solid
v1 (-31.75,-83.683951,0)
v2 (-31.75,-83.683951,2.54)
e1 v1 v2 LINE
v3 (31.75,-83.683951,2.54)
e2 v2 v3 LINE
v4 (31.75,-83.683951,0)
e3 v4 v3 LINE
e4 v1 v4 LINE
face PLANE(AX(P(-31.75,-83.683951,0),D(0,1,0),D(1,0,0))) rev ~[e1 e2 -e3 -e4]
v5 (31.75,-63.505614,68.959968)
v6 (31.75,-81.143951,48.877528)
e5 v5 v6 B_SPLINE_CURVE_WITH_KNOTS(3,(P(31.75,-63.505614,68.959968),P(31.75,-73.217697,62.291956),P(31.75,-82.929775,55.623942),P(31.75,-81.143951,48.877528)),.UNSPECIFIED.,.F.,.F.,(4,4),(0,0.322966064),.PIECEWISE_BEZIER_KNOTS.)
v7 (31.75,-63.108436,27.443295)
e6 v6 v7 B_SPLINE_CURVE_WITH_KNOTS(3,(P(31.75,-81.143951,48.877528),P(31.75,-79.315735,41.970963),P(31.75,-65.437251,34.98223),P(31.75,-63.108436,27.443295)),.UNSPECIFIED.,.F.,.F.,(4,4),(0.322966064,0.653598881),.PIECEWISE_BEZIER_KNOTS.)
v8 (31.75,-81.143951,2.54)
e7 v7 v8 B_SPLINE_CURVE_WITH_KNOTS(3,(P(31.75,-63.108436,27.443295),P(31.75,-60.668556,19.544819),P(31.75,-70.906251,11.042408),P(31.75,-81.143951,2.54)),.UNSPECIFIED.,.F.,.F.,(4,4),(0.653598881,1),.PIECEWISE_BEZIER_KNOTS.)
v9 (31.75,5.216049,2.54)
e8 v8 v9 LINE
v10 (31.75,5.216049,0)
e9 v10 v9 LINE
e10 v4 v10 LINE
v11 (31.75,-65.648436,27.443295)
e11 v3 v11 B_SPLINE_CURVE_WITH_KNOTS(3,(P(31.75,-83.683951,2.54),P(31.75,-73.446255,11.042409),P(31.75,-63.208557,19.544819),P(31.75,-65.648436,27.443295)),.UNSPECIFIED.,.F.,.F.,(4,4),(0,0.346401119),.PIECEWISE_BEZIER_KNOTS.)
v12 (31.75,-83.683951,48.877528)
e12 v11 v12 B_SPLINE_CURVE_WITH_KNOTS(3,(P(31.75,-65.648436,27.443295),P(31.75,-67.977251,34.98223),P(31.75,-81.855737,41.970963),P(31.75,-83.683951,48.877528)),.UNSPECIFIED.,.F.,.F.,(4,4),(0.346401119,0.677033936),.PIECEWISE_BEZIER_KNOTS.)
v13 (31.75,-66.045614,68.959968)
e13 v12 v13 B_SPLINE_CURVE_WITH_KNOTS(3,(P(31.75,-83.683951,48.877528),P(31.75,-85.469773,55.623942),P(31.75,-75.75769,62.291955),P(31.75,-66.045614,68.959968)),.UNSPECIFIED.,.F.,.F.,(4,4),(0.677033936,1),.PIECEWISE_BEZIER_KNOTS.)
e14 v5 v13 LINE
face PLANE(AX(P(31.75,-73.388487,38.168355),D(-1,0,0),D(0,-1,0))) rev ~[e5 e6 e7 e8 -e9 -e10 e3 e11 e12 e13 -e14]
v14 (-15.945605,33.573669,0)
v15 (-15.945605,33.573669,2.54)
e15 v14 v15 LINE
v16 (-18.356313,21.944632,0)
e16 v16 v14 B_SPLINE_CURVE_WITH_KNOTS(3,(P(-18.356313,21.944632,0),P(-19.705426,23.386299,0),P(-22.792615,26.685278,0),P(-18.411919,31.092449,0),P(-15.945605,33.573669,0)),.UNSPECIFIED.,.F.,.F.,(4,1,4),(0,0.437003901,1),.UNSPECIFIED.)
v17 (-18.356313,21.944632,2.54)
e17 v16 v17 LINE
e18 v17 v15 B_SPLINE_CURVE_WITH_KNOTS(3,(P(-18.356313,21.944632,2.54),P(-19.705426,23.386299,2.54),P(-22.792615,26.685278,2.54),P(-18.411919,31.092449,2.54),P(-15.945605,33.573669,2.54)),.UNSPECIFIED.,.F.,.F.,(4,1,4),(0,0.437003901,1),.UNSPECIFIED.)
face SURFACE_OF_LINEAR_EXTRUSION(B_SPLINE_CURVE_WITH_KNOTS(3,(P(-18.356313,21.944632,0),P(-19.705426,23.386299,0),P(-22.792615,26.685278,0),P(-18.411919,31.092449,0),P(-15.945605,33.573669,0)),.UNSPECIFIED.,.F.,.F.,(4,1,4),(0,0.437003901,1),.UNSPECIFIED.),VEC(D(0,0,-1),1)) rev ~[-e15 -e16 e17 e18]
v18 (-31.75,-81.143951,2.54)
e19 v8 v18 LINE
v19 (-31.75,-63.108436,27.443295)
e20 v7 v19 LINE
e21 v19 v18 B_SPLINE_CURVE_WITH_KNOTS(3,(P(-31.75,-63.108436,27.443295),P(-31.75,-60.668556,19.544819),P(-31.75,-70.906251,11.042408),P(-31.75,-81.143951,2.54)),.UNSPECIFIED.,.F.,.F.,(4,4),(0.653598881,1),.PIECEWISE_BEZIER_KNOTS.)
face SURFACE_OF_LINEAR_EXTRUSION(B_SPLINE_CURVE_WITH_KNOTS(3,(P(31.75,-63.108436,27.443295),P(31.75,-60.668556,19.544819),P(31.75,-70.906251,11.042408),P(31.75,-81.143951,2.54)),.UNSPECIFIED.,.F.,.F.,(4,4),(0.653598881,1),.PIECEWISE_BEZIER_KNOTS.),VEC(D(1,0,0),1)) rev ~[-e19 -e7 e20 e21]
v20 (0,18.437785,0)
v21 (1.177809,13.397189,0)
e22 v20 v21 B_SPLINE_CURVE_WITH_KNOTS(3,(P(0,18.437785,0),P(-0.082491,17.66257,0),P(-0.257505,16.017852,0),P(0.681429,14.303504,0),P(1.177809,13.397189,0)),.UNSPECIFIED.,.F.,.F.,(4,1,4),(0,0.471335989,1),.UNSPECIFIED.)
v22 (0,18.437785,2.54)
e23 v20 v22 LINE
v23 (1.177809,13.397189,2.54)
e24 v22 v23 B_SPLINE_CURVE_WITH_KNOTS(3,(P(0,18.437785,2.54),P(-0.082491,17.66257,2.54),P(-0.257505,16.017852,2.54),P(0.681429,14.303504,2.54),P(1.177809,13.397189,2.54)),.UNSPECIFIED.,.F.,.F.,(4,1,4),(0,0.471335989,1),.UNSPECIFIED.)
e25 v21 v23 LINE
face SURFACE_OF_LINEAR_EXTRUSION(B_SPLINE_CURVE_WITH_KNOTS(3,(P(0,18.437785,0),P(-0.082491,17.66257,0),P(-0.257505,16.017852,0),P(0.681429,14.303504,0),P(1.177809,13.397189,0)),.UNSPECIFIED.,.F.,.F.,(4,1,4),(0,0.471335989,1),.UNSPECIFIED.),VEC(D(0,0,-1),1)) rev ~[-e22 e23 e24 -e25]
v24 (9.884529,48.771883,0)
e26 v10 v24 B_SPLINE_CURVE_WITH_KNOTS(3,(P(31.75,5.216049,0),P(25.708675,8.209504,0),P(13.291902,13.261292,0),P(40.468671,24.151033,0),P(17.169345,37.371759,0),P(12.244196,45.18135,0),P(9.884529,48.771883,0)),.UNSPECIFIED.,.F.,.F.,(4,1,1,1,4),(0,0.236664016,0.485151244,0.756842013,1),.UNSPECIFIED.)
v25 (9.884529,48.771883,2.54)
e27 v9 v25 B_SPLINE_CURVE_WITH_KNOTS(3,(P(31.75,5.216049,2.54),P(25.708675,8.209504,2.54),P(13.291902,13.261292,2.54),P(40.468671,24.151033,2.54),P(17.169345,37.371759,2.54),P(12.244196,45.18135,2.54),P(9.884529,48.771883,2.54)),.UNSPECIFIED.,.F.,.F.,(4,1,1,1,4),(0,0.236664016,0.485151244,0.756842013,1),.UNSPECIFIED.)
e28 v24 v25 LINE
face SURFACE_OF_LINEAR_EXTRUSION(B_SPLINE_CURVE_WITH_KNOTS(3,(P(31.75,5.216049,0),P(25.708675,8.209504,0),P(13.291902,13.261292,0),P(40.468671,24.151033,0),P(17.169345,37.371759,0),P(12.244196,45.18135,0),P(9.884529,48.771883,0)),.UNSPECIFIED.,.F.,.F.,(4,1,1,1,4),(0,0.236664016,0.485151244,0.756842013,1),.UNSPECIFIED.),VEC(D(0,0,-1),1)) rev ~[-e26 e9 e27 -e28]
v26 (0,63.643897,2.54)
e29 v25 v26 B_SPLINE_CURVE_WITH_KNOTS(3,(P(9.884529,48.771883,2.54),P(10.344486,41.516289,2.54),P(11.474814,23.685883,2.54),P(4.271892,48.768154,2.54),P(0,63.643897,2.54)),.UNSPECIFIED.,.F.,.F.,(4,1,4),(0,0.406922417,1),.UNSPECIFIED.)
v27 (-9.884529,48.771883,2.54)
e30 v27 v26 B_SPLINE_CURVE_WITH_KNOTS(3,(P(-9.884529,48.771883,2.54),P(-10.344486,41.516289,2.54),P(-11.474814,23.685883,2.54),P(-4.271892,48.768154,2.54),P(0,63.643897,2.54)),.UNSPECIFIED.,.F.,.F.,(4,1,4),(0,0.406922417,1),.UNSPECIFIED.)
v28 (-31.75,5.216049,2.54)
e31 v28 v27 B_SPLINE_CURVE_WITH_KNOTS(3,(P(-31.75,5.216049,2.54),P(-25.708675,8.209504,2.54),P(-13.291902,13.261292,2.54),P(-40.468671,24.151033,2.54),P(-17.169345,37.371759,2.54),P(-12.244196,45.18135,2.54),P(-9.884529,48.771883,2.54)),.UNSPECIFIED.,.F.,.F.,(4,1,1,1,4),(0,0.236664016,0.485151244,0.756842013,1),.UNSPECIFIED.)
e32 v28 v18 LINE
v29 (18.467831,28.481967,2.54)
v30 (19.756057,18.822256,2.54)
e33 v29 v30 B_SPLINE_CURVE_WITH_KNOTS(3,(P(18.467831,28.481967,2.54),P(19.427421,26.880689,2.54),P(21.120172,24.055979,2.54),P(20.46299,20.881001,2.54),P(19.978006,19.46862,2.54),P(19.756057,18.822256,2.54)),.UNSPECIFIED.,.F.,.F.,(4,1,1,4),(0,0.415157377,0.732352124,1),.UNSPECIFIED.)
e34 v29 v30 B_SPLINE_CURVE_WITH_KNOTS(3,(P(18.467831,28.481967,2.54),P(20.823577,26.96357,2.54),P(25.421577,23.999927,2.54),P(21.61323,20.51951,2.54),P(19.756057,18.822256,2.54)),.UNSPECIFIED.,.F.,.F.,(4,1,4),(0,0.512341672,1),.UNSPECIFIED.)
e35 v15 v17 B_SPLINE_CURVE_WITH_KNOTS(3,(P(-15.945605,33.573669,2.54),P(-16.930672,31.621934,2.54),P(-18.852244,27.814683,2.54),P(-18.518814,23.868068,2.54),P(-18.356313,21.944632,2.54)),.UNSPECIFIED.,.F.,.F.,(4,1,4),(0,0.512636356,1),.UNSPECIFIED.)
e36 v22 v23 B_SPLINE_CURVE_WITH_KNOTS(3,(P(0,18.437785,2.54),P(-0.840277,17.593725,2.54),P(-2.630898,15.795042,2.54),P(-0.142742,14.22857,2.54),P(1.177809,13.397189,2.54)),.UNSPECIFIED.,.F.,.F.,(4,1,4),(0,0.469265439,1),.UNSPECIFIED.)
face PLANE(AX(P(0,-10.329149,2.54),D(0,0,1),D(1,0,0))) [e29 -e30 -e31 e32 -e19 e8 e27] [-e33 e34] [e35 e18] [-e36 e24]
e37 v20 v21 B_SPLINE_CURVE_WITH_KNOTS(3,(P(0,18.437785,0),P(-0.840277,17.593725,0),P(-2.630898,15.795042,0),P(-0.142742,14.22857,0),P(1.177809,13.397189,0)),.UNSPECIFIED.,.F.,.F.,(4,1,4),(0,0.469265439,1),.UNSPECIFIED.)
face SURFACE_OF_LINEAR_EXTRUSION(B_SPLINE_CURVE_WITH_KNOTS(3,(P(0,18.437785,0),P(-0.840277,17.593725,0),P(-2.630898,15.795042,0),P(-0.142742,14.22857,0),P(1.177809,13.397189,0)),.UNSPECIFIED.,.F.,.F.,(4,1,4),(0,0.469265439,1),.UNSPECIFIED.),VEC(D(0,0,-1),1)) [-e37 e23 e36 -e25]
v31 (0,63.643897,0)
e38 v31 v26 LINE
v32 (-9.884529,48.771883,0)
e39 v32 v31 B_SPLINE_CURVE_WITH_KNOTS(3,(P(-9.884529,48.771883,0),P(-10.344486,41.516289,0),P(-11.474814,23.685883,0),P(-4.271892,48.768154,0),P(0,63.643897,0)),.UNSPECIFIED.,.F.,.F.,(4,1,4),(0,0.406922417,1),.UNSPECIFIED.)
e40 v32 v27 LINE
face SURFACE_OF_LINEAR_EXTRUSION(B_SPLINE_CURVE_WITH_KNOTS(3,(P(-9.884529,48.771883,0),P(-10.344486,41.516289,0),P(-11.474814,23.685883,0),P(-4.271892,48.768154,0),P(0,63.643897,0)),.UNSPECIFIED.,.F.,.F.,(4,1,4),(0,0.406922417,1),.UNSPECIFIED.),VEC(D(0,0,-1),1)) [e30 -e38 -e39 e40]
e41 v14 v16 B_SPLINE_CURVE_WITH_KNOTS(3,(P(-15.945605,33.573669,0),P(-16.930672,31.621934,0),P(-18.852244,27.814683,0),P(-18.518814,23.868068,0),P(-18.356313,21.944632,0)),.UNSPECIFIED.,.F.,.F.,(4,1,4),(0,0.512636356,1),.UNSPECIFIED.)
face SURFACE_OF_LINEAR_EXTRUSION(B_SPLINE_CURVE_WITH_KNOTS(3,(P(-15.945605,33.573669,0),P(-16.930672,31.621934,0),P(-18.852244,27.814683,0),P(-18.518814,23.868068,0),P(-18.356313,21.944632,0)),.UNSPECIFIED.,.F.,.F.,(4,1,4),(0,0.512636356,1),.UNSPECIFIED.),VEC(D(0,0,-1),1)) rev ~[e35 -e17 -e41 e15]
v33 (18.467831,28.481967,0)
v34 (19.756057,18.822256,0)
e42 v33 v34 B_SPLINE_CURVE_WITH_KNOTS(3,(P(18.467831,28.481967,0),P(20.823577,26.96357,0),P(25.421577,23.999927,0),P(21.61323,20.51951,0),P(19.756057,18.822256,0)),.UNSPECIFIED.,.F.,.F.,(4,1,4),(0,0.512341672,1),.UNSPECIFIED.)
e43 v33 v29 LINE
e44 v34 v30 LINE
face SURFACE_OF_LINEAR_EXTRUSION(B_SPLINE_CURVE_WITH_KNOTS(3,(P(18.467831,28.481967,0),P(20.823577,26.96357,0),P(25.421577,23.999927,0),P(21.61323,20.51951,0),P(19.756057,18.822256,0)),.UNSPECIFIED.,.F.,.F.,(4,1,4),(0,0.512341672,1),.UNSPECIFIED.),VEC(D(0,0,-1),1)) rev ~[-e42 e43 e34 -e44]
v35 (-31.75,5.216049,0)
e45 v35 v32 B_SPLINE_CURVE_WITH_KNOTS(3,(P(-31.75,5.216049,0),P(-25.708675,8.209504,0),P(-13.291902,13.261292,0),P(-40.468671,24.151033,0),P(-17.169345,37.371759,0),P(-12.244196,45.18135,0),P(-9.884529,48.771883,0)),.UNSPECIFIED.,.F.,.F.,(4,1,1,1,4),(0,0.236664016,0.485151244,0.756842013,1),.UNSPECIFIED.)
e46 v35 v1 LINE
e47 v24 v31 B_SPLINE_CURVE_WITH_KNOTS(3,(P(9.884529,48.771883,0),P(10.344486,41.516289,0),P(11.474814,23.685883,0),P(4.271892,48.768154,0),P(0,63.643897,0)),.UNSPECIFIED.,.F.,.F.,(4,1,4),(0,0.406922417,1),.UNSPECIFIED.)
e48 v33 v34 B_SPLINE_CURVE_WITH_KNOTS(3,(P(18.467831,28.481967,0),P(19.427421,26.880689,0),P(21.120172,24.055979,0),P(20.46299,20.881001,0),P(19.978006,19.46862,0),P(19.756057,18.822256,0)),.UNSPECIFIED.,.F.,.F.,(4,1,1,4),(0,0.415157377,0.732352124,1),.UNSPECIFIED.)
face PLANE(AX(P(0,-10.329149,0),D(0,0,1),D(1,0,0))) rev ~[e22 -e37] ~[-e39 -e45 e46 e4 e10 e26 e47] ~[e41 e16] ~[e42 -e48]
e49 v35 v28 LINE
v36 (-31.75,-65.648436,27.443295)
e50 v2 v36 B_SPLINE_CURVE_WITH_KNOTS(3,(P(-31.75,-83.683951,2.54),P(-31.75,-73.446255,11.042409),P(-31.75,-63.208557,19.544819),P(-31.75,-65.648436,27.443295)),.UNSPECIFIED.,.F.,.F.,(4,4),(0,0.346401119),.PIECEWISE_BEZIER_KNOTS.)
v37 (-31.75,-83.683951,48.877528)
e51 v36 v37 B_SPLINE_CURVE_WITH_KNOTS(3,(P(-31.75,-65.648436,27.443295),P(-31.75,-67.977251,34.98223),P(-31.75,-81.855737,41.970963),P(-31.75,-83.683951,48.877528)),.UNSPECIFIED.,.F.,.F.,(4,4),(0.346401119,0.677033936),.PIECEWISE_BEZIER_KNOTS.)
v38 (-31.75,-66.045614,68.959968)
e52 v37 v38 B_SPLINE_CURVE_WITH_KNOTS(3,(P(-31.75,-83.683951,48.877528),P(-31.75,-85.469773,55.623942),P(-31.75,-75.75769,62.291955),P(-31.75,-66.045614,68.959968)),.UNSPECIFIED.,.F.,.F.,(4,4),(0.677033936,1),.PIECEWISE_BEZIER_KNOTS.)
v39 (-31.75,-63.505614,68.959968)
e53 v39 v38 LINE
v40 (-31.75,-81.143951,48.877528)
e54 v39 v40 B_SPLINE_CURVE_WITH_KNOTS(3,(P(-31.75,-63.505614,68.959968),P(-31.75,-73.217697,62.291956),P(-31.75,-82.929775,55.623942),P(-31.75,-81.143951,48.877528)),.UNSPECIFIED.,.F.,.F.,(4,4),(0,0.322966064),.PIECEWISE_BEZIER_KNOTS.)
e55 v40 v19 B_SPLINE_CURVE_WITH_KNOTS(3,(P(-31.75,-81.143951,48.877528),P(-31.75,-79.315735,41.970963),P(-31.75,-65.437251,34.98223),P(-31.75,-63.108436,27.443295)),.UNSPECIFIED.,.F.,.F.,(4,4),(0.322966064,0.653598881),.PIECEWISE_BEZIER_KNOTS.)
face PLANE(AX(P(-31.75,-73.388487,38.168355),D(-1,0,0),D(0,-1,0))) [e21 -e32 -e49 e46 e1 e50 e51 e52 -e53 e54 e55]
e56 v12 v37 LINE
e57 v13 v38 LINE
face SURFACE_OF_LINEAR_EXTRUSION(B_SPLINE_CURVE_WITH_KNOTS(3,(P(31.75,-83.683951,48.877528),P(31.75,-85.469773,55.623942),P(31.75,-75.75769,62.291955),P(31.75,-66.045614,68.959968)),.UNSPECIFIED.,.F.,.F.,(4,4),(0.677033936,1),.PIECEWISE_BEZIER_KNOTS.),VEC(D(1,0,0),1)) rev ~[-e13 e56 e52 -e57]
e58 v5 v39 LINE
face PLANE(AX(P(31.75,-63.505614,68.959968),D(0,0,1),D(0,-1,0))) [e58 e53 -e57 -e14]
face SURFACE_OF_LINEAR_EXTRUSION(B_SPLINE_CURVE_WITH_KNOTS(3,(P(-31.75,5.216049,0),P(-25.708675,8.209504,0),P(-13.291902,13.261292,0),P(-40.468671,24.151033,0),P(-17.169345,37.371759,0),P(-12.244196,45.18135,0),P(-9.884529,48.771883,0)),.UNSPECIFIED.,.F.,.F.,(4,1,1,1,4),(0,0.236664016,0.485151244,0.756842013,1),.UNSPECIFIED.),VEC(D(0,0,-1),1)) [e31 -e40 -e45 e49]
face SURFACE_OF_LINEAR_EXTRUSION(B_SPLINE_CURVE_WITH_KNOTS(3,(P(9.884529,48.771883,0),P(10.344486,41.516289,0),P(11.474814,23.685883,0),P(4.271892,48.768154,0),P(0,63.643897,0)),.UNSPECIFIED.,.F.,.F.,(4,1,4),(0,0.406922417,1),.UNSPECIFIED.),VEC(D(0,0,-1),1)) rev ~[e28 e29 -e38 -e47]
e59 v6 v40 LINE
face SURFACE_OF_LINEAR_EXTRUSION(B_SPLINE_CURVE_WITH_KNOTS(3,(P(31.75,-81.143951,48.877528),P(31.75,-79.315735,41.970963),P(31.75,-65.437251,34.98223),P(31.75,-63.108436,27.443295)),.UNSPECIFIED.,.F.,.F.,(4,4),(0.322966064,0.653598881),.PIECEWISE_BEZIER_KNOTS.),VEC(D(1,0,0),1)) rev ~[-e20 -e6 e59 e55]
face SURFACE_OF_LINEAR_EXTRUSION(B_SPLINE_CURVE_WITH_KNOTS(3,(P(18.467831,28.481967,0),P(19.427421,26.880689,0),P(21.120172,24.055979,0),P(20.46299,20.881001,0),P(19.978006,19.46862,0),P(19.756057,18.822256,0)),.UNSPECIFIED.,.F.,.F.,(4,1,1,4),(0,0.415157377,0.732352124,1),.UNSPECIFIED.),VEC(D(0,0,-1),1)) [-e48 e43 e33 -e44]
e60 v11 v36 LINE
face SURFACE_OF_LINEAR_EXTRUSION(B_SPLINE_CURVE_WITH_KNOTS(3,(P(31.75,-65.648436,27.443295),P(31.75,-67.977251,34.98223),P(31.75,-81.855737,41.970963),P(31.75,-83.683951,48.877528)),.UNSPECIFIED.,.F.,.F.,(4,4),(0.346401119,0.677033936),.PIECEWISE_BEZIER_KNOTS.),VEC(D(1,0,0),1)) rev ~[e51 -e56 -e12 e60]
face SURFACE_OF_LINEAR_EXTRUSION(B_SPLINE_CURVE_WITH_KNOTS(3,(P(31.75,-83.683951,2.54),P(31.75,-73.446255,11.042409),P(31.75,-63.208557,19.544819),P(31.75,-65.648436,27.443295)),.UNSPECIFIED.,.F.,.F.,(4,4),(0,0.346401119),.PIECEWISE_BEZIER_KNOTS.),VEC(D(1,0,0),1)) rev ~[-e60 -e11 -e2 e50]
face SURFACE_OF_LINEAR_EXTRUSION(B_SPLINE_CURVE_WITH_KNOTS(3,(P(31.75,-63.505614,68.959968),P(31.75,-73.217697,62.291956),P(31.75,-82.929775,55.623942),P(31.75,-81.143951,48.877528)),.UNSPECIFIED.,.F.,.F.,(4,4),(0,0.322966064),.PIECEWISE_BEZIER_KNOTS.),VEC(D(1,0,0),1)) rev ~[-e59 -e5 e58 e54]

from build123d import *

# Parameters (mm, degrees)
F1_DEPTH = 2.54
F3_DEPTH = 63.5


with BuildPart() as f1:
    # F0 (on Top) → F1 (new body)
    with BuildSketch(Plane.XY):
        with BuildLine():
            Line((-31.75, -83.6839513757), (31.75, -83.6839513778))
            Line((31.75, -83.6839513778), (31.75, 5.2160486222))
            add(Edge.make_bspline(
                [(31.75, 5.2160486243), (25.7086750977, 8.2095040737), (13.2919018227, 13.2612920956), (40.4686708732, 24.151033206), (17.1693446816, 37.3717586227), (12.2441961548, 45.1813499568), (9.8845292789, 48.7718827984)],
                knots=[0, 0, 0, 0, 0.2366640156, 0.4851512444, 0.756842013, 1, 1, 1, 1], degree=3))
            add(Edge.make_bspline(
                [(9.8845292789, 48.7718827984), (10.3444855628, 41.5162894514), (11.4748144078, 23.6858829352), (4.2718916672, 48.7681543781), (0, 63.6438973943)],
                knots=[0, 0, 0, 0, 0.4069224168, 1, 1, 1, 1], degree=3))
            add(Edge.make_bspline(
                [(-9.8845292789, 48.7718827984), (-10.3444855628, 41.5162894514), (-11.4748144078, 23.6858829352), (-4.2718916672, 48.7681543781), (0, 63.6438973943)],
                knots=[0, 0, 0, 0, 0.4069224168, 1, 1, 1, 1], degree=3))
            add(Edge.make_bspline(
                [(-31.75, 5.2160486243), (-25.7086750977, 8.2095040737), (-13.2919018227, 13.2612920956), (-40.4686708732, 24.151033206), (-17.1693446816, 37.3717586227), (-12.2441961548, 45.1813499568), (-9.8845292789, 48.7718827984)],
                knots=[0, 0, 0, 0, 0.2366640156, 0.4851512444, 0.756842013, 1, 1, 1, 1], degree=3))
            Line((-31.75, 5.2160486243), (-31.75, -83.6839513757))
        make_face()
        with BuildLine():
            add(Edge.make_bspline(
                [(0, 18.4377846975), (-0.8402767268, 17.5937250168), (-2.6308980883, 15.7950420042), (-0.1427417595, 14.228570259), (1.1778091829, 13.3971894932)],
                knots=[0, 0, 0, 0, 0.4692654392, 1, 1, 1, 1], degree=3))
            add(Edge.make_bspline(
                [(0, 18.4377846975), (-0.0824907332, 17.6625700732), (-0.2575054179, 16.0178521281), (0.6814285359, 14.3035037553), (1.1778091829, 13.3971894932)],
                knots=[0, 0, 0, 0, 0.471335989, 1, 1, 1, 1], degree=3))
        make_face(mode=Mode.SUBTRACT)
        with BuildLine():
            add(Edge.make_bspline(
                [(-15.9456048132, 33.5736688751), (-16.9306722249, 31.6219338837), (-18.8522437067, 27.8146830449), (-18.5188141617, 23.8680684012), (-18.3563127499, 21.9446315956)],
                knots=[0, 0, 0, 0, 0.5126363558, 1, 1, 1, 1], degree=3))
            add(Edge.make_bspline(
                [(-18.3563127499, 21.9446315956), (-19.7054262057, 23.386298555), (-22.7926148104, 26.6852777417), (-18.411919139, 31.0924491189), (-15.9456048132, 33.5736688751)],
                knots=[0, 0, 0, 0, 0.4370039013, 1, 1, 1, 1], degree=3))
        make_face(mode=Mode.SUBTRACT)
        with BuildLine():
            add(Edge.make_bspline(
                [(18.4678306852, 28.4819673923), (19.427421291, 26.8806889301), (21.1201724035, 24.0559786368), (20.4629903584, 20.881000871), (19.9780060806, 19.4686195152), (19.7560574985, 18.8222556485)],
                knots=[0, 0, 0, 0, 0.4151573771, 0.7323521239, 1, 1, 1, 1], degree=3))
            add(Edge.make_bspline(
                [(18.4678306852, 28.4819673923), (20.8235774768, 26.9635696387), (25.4215767631, 23.9999267161), (21.6132297579, 20.51951007), (19.7560574985, 18.8222556485)],
                knots=[0, 0, 0, 0, 0.5123416723, 1, 1, 1, 1], degree=3))
        make_face(mode=Mode.SUBTRACT)
    extrude(amount=F1_DEPTH)

    # F2 (on face) → F3 (join)
    with BuildSketch(Plane.YZ.offset(31.75)):
        with BuildLine():
            add(Edge.make_bspline(
                [(-65.6484358175, 27.4432951095), (-67.9772508721, 34.9822299474), (-81.8557368461, 41.970962749), (-83.6839513778, 48.8775275409)],
                knots=[0.3464011194, 0.3464011194, 0.3464011194, 0.3464011194, 0.6770339361, 0.6770339361, 0.6770339361, 0.6770339361], degree=3))
            Line((-65.6484358175, 27.4432951095), (-63.1084358175, 27.4432951095))
            add(Edge.make_bspline(
                [(-81.1439513778, 48.8775275409), (-79.3157352707, 41.9709626757), (-65.4372513089, 34.9822301927), (-63.1084358175, 27.4432951095)],
                knots=[0.3229660639, 0.3229660639, 0.3229660639, 0.3229660639, 0.6535988806, 0.6535988806, 0.6535988806, 0.6535988806], degree=3))
            Line((-81.1439513778, 48.8775275409), (-83.6839513778, 48.8775275409))
        make_face()
        with BuildLine():
            add(Edge.make_bspline(
                [(-83.6839513778, 48.8775275409), (-85.4697730551, 55.6239420932), (-75.7576902273, 62.2919550981), (-66.0456140927, 68.9599682055)],
                knots=[0.6770339361, 0.6770339361, 0.6770339361, 0.6770339361, 1, 1, 1, 1], degree=3))
            Line((-83.6839513778, 48.8775275409), (-81.1439513778, 48.8775275409))
            add(Edge.make_bspline(
                [(-63.5056140927, 68.9599682055), (-73.2176967282, 62.2919556151), (-82.929774594, 55.6239421648), (-81.1439513778, 48.8775275409)],
                knots=[0, 0, 0, 0, 0.3229660639, 0.3229660639, 0.3229660639, 0.3229660639], degree=3))
            Line((-63.5056140927, 68.9599682055), (-66.0456140927, 68.9599682055))
        make_face()
        with BuildLine():
            add(Edge.make_bspline(
                [(-83.6839513778, 2.54), (-73.4462547351, 11.0424093805), (-63.2085565888, 19.5448188091), (-65.6484358175, 27.4432951095)],
                knots=[0, 0, 0, 0, 0.3464011194, 0.3464011194, 0.3464011194, 0.3464011194], degree=3))
            Line((-83.6839513778, 2.54), (-81.1439513778, 2.54))
            add(Edge.make_bspline(
                [(-63.1084358175, 27.4432951095), (-60.6685561312, 19.5448185522), (-70.9062511318, 11.0424082477), (-81.1439513778, 2.54)],
                knots=[0.6535988806, 0.6535988806, 0.6535988806, 0.6535988806, 1, 1, 1, 1], degree=3))
            Line((-63.1084358175, 27.4432951095), (-65.6484358175, 27.4432951095))
        make_face()
    extrude(amount=-F3_DEPTH)


solid = f1.part
